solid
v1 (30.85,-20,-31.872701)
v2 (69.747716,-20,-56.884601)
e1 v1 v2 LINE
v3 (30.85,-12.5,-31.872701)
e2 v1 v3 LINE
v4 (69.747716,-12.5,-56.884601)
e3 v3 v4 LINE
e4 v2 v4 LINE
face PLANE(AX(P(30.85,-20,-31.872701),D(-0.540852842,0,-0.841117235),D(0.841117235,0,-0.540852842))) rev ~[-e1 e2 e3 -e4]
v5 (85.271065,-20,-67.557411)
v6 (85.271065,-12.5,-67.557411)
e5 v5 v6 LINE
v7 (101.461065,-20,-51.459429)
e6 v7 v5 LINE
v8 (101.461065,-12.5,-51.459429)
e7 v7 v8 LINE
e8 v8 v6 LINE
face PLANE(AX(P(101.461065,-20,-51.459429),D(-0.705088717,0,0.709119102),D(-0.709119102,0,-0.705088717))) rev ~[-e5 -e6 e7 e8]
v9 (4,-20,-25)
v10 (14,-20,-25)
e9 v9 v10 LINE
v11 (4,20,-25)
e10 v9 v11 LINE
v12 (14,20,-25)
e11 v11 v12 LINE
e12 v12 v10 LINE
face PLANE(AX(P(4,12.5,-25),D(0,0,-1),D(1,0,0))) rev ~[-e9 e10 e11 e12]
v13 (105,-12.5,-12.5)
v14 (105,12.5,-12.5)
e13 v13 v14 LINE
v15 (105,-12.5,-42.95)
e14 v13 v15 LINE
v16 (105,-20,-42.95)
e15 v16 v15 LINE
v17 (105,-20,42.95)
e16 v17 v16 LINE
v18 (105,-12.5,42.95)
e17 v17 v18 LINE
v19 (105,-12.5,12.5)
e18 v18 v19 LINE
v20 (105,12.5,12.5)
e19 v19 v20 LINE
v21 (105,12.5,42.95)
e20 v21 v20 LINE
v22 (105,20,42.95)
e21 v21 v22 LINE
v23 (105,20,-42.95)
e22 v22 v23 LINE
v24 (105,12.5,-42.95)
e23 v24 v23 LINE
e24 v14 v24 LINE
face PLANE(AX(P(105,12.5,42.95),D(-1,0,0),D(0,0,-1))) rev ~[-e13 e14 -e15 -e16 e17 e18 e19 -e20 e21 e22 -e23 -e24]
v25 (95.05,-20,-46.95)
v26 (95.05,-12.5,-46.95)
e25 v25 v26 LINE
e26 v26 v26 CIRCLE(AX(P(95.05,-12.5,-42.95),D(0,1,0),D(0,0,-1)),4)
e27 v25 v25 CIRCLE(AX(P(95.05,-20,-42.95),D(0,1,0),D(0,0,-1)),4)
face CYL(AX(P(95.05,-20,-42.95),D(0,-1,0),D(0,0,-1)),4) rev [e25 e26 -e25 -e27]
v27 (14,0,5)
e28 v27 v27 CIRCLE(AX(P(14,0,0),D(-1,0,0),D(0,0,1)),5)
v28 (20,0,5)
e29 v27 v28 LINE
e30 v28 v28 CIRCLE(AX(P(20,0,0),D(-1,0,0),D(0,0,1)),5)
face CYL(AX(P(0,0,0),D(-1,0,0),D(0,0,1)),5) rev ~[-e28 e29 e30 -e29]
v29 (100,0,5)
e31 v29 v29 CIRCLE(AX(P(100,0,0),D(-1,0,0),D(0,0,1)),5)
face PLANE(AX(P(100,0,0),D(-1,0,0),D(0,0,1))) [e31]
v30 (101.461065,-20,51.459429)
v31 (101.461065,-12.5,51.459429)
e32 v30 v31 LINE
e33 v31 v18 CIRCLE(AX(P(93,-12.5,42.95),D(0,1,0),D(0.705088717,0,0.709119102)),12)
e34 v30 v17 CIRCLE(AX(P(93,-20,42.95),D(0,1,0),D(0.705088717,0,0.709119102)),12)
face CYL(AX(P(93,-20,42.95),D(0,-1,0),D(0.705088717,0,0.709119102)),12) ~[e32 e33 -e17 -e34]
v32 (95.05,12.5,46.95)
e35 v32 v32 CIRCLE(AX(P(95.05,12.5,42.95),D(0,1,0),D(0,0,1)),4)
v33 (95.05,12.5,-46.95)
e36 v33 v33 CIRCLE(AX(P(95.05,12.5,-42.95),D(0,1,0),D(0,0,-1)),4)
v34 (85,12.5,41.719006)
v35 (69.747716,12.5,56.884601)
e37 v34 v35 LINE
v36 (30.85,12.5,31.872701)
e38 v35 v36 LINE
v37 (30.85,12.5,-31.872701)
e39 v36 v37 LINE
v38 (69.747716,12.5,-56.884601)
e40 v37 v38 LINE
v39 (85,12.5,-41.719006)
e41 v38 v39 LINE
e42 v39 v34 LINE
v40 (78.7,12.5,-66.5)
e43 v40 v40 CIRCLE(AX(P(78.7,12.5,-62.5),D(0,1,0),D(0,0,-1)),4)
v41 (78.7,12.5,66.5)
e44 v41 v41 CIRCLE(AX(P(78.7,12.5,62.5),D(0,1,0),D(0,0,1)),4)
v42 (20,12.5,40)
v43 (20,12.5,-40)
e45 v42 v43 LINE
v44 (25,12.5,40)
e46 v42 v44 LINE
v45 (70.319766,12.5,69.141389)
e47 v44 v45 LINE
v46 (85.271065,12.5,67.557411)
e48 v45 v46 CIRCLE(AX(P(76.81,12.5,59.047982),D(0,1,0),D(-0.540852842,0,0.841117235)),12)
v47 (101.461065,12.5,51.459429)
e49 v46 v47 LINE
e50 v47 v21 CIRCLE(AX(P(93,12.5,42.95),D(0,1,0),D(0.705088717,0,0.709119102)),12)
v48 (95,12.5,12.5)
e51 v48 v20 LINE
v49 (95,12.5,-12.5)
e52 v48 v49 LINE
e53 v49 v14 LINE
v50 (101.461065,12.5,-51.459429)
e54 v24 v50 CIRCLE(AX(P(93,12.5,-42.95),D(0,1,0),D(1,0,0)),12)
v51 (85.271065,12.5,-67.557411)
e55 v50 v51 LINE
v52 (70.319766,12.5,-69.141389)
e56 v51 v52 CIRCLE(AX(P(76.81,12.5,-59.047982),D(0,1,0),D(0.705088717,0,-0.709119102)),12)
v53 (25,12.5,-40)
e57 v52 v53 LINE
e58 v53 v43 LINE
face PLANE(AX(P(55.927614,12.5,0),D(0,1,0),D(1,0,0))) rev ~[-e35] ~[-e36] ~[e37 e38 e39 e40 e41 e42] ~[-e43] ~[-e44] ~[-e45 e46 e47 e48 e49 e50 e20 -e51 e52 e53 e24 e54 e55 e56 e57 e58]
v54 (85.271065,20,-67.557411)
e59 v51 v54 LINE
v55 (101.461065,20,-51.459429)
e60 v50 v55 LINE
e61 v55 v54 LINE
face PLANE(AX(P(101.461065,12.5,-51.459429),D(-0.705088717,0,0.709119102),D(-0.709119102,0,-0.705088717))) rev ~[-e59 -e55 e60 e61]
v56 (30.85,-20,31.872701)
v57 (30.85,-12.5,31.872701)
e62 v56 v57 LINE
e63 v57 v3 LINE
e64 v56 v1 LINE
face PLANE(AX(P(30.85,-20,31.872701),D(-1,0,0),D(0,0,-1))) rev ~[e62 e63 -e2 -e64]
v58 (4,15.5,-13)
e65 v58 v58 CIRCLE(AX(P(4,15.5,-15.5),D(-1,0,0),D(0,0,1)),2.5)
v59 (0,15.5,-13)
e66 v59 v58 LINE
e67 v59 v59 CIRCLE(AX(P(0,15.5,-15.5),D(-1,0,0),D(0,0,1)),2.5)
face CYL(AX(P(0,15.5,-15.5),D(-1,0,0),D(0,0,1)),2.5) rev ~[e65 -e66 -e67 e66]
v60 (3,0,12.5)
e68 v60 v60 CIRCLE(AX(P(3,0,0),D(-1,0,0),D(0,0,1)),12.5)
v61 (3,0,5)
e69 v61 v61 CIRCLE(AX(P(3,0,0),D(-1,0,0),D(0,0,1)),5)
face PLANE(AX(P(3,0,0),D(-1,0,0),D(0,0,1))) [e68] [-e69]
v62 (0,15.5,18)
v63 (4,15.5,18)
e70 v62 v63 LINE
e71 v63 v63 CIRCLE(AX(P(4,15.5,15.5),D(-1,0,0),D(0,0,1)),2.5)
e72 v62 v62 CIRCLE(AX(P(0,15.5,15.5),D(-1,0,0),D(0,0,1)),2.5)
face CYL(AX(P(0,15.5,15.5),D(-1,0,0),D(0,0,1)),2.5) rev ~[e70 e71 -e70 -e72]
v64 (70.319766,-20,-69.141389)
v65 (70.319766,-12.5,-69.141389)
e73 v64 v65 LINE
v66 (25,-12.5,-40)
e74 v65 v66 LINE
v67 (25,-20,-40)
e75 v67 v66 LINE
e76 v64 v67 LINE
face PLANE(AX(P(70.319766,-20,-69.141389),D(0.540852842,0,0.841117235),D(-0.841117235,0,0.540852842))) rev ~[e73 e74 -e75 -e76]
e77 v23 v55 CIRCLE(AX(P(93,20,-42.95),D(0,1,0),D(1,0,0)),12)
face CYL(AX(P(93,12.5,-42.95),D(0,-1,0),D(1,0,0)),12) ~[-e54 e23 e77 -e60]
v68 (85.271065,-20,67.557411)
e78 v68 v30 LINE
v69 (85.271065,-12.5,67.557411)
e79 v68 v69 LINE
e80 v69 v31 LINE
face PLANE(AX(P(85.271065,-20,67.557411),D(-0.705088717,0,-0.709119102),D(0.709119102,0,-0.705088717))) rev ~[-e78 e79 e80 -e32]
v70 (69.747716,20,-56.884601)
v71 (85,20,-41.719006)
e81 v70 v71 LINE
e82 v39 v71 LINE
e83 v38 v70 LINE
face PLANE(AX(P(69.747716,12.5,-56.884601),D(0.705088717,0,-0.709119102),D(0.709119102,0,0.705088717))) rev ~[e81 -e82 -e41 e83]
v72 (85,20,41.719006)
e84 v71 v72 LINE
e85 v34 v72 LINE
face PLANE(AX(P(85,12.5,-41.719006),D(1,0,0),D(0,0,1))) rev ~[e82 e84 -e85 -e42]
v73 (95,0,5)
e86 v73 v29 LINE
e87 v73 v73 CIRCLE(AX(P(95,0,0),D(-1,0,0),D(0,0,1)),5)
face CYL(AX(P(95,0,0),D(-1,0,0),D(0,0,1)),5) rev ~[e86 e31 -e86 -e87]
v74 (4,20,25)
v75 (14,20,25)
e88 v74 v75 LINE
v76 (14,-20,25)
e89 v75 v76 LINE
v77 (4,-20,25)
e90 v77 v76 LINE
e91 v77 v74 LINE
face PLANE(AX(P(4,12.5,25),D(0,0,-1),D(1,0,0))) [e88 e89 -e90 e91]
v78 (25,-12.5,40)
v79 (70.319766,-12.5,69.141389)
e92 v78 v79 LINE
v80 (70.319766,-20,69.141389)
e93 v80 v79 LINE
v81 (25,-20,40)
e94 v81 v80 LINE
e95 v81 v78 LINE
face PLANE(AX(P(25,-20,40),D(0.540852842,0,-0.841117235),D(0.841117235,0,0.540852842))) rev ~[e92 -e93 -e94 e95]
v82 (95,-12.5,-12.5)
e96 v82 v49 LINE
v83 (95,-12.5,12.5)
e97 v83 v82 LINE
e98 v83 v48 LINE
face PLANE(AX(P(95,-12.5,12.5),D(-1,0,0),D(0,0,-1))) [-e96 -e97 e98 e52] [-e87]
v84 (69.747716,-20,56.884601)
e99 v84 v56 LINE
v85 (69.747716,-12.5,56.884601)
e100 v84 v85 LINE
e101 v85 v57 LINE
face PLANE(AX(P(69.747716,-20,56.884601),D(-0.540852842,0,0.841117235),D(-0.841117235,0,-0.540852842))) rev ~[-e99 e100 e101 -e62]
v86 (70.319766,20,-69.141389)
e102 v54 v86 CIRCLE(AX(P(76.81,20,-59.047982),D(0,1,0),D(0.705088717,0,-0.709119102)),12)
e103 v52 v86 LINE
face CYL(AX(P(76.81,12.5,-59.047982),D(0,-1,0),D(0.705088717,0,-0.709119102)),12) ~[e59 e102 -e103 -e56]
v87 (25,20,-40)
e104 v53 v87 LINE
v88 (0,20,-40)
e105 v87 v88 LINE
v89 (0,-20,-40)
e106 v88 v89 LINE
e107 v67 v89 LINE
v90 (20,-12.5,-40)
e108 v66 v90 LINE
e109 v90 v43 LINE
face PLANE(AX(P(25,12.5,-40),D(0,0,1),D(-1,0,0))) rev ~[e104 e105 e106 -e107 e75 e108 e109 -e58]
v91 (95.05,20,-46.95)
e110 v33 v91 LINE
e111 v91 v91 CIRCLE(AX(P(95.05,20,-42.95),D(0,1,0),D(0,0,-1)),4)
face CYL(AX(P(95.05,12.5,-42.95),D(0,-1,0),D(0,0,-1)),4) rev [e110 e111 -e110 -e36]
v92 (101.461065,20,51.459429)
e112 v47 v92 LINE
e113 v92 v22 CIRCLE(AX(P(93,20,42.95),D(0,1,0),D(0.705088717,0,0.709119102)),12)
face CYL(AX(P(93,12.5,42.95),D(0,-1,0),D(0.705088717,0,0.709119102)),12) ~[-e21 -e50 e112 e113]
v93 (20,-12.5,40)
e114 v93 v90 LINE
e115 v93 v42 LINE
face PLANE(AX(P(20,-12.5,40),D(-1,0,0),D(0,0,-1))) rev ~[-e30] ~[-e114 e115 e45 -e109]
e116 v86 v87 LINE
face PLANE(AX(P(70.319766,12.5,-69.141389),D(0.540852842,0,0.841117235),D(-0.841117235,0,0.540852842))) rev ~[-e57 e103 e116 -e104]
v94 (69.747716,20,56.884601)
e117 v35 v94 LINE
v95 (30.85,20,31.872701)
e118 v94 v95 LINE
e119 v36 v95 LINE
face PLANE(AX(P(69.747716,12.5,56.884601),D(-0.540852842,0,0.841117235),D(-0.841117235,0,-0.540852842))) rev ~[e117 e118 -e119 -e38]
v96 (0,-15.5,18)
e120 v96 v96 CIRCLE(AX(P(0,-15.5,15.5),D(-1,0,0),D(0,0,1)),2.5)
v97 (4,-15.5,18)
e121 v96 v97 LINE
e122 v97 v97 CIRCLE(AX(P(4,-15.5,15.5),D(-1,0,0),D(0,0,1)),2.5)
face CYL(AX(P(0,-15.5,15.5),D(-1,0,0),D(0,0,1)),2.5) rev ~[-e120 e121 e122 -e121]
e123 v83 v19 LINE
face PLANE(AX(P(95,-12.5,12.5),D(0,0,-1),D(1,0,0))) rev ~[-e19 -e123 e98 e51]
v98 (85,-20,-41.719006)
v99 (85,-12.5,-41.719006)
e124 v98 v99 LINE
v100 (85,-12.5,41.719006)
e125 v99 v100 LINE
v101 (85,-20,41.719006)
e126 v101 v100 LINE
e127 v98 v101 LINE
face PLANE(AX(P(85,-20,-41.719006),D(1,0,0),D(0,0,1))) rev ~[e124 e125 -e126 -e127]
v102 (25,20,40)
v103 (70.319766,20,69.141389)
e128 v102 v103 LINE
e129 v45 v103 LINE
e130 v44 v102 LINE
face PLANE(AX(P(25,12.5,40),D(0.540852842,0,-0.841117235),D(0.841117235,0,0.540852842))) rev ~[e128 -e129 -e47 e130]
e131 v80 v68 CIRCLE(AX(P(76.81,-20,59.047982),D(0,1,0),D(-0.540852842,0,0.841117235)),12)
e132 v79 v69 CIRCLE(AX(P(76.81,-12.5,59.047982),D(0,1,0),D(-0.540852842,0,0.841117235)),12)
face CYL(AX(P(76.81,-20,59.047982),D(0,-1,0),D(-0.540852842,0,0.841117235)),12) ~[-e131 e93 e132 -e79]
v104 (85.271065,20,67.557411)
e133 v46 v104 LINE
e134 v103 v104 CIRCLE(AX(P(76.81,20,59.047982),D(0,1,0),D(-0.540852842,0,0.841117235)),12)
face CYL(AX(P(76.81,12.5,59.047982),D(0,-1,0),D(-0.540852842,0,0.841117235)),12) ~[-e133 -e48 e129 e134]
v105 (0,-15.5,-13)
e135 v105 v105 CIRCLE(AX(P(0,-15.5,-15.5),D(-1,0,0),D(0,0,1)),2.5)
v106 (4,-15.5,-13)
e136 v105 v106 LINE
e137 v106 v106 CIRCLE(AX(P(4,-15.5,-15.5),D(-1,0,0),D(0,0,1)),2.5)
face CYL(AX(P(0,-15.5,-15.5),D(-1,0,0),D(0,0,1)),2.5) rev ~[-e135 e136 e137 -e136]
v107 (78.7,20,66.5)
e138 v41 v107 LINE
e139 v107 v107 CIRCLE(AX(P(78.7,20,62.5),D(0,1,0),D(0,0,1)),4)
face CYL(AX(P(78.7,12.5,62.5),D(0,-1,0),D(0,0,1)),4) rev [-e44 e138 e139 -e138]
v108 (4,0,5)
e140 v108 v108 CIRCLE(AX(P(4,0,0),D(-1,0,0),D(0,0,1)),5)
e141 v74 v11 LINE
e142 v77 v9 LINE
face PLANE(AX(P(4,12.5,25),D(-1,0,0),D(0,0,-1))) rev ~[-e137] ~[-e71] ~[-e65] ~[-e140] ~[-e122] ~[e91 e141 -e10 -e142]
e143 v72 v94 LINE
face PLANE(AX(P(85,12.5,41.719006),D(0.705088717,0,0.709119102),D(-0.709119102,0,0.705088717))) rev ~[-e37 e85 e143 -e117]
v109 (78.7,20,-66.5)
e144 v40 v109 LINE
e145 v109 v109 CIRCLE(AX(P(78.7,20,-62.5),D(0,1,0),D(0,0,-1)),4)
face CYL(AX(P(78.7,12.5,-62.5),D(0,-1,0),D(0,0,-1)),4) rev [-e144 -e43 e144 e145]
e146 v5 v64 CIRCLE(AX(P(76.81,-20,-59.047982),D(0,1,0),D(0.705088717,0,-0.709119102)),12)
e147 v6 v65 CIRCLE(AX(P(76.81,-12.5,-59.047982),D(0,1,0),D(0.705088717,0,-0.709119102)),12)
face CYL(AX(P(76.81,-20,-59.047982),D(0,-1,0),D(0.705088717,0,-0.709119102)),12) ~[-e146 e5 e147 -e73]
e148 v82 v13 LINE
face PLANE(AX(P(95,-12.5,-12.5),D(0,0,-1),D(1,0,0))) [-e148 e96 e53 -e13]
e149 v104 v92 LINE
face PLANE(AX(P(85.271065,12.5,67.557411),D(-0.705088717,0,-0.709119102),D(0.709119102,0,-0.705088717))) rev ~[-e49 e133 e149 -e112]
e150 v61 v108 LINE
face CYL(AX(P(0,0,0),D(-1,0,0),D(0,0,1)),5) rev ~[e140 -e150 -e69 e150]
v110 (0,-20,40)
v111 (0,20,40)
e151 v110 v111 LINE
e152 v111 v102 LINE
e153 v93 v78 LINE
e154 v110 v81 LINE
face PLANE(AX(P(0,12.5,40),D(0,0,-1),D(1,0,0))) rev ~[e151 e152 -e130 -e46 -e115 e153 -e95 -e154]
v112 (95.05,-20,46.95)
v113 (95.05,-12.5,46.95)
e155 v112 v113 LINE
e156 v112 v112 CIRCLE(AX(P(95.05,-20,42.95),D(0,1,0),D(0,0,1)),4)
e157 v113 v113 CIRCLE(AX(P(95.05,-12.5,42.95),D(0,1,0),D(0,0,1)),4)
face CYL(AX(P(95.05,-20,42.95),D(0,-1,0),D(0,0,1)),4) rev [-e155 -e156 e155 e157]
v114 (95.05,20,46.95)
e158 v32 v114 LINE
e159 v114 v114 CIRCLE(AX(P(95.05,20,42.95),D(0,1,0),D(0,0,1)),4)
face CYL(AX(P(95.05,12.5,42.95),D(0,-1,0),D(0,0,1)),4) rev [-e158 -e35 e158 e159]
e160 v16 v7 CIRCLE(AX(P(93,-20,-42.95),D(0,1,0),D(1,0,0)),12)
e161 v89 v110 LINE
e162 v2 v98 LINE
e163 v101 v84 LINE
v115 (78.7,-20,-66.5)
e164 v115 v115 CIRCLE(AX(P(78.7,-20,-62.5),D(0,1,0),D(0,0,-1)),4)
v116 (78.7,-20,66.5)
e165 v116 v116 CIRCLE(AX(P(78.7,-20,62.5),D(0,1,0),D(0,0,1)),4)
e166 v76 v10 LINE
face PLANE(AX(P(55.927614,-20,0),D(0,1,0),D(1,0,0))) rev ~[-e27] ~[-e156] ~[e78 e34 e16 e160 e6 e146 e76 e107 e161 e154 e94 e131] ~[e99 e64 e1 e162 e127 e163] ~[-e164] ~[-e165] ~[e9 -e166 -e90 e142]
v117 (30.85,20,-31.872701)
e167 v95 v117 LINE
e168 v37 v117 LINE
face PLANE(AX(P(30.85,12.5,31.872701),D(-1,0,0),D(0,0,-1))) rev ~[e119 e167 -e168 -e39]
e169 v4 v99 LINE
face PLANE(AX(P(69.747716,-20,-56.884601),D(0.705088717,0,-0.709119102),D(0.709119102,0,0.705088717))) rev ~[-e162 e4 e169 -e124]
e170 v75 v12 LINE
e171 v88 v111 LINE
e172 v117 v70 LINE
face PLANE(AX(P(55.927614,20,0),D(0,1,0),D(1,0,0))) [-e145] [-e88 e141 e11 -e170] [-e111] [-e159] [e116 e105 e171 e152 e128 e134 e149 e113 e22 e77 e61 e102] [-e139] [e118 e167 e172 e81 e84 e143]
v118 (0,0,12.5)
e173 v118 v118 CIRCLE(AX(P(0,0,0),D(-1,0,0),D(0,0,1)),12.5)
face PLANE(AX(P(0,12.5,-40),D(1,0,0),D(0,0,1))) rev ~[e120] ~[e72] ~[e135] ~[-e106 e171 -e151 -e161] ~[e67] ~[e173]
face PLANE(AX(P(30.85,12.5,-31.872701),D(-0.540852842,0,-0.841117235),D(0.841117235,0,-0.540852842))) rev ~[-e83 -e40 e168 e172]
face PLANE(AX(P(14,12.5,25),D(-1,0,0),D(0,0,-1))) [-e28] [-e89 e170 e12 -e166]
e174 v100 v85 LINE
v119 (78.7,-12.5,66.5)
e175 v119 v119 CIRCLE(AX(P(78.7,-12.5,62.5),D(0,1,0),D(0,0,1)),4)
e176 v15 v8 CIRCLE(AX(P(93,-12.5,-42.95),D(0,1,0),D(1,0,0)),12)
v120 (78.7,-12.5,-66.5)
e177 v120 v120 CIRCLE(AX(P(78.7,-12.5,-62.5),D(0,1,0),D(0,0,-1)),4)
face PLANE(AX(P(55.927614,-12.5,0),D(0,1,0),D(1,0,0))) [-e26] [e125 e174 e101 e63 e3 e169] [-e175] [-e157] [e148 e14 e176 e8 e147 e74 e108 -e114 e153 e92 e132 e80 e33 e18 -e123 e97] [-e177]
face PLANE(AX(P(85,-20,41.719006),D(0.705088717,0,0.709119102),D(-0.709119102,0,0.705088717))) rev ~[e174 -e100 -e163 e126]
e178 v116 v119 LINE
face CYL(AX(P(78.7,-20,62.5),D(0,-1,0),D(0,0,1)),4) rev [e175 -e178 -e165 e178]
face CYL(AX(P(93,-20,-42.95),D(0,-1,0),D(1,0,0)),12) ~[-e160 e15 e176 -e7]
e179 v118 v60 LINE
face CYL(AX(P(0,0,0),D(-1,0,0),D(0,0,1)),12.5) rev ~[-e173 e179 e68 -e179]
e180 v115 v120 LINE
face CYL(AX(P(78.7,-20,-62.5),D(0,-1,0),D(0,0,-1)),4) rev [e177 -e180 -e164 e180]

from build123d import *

# Parameters (mm, degrees)
SKETCH1_R           = 4
SKETCH1_W           = 10
SKETCH1_H           = 50
BOSS_EXTRUDE1_DEPTH = 7.5
SKETCH3_W           = 10
SKETCH3_H           = 25
SKETCH3_W_2         = 20
SKETCH3_H_2         = 80
SKETCH3_H_3         = 50
BOSS_EXTRUDE2_DEPTH = 25
LPATTERN1_COUNT     = 2
LPATTERN1_PITCH     = 32.5
SKETCH4_R           = 12.5
CUT_EXTRUDE1_DEPTH  = 3
SKETCH4_3_R         = 5
CUT_EXTRUDE2_DEPTH  = 40
SKETCH4_4_R         = 2.5
CUT_EXTRUDE3_DEPTH  = 4
SKETCH5_R           = 5
CUT_EXTRUDE4_DEPTH  = 5


with BuildPart() as part:
    # Sketch1 → Boss-Extrude1 (new body)
    with BuildSketch(Plane(origin=(0, -20, 0), x_dir=(1, 0, 0), z_dir=(0, 1, 0))):
        with BuildLine():
            Line((0, 40), (0, -40))
            Line((0, -40), (25, -40))
            Line((25, -40), (70.319765879, -69.141388534))
            ThreePointArc((70.319765879, -69.141388534), (78.074234717, -70.981200492), (85.271064581, -67.557410938))
            Line((85.271064581, -67.557410938), (101.461064602, -51.459429229))
            ThreePointArc((101.461064602, -51.459429229), (104.079999441, -47.5579944), (105, -42.95))
            Line((105, -42.95), (105, 42.95))
            ThreePointArc((105, 42.95), (104.079999441, 47.5579944), (101.461064602, 51.459429229))
            Line((101.461064602, 51.459429229), (85.271064581, 67.557410938))
            ThreePointArc((85.271064581, 67.557410938), (78.074234717, 70.981200492), (70.319765879, 69.141388534))
            Line((70.319765879, 69.141388534), (25, 40))
            Line((25, 40), (0, 40))
        make_face()
        with Locations((78.7, -62.5)):
            Circle(SKETCH1_R, mode=Mode.SUBTRACT)
        with Locations((95.05, -42.95)):
            Circle(SKETCH1_R, mode=Mode.SUBTRACT)
        with Locations((95.05, 42.95)):
            Circle(SKETCH1_R, mode=Mode.SUBTRACT)
        with Locations((78.7, 62.5)):
            Circle(SKETCH1_R, mode=Mode.SUBTRACT)
        with Locations((9, 0)):
            Rectangle(SKETCH1_W, SKETCH1_H, mode=Mode.SUBTRACT)
        Polygon((30.85, -31.872701463), (30.85, 31.872701463), (69.747715914, 56.88460147), (85, 41.719006045), (85, -41.719006045), (69.747715914, -56.88460147), align=None, mode=Mode.SUBTRACT)
    boss_extrude1 = extrude(amount=BOSS_EXTRUDE1_DEPTH)

    # Sketch3 → Boss-Extrude2 (add)
    # profile 1 of 2: a face of its own
    with BuildSketch(Plane(origin=(0, -12.5, 0), x_dir=(1, 0, 0), z_dir=(0, 1, 0))):
        with Locations((100, 0)):
            Rectangle(SKETCH3_W, SKETCH3_H)
    # profile 2 of 2: a face of its own
    with BuildSketch(Plane(origin=(0, -12.5, 0), x_dir=(1, 0, 0), z_dir=(0, 1, 0))):
        with Locations((10, 0)):
            Rectangle(SKETCH3_W_2, SKETCH3_H_2)
        with Locations((9, 0)):
            Rectangle(SKETCH3_W, SKETCH3_H_3, mode=Mode.SUBTRACT)
    extrude(amount=BOSS_EXTRUDE2_DEPTH)

    # LPattern1: Boss-Extrude1 ×2
    with Locations(*[(0, i * LPATTERN1_PITCH, 0) for i in range(1, LPATTERN1_COUNT)]):
        add(boss_extrude1)

    # Sketch4 → Cut-Extrude1 (cut)
    with BuildSketch(Plane.ZY):
        Circle(SKETCH4_R)
    extrude(amount=-CUT_EXTRUDE1_DEPTH, mode=Mode.SUBTRACT)

    # Sketch4<3> → Cut-Extrude2 (cut)
    with BuildSketch(Plane.ZY):
        Circle(SKETCH4_3_R)
    extrude(amount=-CUT_EXTRUDE2_DEPTH, mode=Mode.SUBTRACT)

    # Sketch4<4> → Cut-Extrude3 (cut)
    with BuildSketch(Plane.ZY):
        with Locations((15.5, 15.5)):
            Circle(SKETCH4_4_R)
        with Locations((-15.5, 15.5)):
            Circle(SKETCH4_4_R)
        with Locations((-15.5, -15.5)):
            Circle(SKETCH4_4_R)
        with Locations((15.5, -15.5)):
            Circle(SKETCH4_4_R)
    extrude(amount=-CUT_EXTRUDE3_DEPTH, mode=Mode.SUBTRACT)

    # Sketch5 → Cut-Extrude4 (cut)
    with BuildSketch(Plane.ZY.offset(-95)):
        Circle(SKETCH5_R)
    extrude(amount=-CUT_EXTRUDE4_DEPTH, mode=Mode.SUBTRACT)


solid = part.part
